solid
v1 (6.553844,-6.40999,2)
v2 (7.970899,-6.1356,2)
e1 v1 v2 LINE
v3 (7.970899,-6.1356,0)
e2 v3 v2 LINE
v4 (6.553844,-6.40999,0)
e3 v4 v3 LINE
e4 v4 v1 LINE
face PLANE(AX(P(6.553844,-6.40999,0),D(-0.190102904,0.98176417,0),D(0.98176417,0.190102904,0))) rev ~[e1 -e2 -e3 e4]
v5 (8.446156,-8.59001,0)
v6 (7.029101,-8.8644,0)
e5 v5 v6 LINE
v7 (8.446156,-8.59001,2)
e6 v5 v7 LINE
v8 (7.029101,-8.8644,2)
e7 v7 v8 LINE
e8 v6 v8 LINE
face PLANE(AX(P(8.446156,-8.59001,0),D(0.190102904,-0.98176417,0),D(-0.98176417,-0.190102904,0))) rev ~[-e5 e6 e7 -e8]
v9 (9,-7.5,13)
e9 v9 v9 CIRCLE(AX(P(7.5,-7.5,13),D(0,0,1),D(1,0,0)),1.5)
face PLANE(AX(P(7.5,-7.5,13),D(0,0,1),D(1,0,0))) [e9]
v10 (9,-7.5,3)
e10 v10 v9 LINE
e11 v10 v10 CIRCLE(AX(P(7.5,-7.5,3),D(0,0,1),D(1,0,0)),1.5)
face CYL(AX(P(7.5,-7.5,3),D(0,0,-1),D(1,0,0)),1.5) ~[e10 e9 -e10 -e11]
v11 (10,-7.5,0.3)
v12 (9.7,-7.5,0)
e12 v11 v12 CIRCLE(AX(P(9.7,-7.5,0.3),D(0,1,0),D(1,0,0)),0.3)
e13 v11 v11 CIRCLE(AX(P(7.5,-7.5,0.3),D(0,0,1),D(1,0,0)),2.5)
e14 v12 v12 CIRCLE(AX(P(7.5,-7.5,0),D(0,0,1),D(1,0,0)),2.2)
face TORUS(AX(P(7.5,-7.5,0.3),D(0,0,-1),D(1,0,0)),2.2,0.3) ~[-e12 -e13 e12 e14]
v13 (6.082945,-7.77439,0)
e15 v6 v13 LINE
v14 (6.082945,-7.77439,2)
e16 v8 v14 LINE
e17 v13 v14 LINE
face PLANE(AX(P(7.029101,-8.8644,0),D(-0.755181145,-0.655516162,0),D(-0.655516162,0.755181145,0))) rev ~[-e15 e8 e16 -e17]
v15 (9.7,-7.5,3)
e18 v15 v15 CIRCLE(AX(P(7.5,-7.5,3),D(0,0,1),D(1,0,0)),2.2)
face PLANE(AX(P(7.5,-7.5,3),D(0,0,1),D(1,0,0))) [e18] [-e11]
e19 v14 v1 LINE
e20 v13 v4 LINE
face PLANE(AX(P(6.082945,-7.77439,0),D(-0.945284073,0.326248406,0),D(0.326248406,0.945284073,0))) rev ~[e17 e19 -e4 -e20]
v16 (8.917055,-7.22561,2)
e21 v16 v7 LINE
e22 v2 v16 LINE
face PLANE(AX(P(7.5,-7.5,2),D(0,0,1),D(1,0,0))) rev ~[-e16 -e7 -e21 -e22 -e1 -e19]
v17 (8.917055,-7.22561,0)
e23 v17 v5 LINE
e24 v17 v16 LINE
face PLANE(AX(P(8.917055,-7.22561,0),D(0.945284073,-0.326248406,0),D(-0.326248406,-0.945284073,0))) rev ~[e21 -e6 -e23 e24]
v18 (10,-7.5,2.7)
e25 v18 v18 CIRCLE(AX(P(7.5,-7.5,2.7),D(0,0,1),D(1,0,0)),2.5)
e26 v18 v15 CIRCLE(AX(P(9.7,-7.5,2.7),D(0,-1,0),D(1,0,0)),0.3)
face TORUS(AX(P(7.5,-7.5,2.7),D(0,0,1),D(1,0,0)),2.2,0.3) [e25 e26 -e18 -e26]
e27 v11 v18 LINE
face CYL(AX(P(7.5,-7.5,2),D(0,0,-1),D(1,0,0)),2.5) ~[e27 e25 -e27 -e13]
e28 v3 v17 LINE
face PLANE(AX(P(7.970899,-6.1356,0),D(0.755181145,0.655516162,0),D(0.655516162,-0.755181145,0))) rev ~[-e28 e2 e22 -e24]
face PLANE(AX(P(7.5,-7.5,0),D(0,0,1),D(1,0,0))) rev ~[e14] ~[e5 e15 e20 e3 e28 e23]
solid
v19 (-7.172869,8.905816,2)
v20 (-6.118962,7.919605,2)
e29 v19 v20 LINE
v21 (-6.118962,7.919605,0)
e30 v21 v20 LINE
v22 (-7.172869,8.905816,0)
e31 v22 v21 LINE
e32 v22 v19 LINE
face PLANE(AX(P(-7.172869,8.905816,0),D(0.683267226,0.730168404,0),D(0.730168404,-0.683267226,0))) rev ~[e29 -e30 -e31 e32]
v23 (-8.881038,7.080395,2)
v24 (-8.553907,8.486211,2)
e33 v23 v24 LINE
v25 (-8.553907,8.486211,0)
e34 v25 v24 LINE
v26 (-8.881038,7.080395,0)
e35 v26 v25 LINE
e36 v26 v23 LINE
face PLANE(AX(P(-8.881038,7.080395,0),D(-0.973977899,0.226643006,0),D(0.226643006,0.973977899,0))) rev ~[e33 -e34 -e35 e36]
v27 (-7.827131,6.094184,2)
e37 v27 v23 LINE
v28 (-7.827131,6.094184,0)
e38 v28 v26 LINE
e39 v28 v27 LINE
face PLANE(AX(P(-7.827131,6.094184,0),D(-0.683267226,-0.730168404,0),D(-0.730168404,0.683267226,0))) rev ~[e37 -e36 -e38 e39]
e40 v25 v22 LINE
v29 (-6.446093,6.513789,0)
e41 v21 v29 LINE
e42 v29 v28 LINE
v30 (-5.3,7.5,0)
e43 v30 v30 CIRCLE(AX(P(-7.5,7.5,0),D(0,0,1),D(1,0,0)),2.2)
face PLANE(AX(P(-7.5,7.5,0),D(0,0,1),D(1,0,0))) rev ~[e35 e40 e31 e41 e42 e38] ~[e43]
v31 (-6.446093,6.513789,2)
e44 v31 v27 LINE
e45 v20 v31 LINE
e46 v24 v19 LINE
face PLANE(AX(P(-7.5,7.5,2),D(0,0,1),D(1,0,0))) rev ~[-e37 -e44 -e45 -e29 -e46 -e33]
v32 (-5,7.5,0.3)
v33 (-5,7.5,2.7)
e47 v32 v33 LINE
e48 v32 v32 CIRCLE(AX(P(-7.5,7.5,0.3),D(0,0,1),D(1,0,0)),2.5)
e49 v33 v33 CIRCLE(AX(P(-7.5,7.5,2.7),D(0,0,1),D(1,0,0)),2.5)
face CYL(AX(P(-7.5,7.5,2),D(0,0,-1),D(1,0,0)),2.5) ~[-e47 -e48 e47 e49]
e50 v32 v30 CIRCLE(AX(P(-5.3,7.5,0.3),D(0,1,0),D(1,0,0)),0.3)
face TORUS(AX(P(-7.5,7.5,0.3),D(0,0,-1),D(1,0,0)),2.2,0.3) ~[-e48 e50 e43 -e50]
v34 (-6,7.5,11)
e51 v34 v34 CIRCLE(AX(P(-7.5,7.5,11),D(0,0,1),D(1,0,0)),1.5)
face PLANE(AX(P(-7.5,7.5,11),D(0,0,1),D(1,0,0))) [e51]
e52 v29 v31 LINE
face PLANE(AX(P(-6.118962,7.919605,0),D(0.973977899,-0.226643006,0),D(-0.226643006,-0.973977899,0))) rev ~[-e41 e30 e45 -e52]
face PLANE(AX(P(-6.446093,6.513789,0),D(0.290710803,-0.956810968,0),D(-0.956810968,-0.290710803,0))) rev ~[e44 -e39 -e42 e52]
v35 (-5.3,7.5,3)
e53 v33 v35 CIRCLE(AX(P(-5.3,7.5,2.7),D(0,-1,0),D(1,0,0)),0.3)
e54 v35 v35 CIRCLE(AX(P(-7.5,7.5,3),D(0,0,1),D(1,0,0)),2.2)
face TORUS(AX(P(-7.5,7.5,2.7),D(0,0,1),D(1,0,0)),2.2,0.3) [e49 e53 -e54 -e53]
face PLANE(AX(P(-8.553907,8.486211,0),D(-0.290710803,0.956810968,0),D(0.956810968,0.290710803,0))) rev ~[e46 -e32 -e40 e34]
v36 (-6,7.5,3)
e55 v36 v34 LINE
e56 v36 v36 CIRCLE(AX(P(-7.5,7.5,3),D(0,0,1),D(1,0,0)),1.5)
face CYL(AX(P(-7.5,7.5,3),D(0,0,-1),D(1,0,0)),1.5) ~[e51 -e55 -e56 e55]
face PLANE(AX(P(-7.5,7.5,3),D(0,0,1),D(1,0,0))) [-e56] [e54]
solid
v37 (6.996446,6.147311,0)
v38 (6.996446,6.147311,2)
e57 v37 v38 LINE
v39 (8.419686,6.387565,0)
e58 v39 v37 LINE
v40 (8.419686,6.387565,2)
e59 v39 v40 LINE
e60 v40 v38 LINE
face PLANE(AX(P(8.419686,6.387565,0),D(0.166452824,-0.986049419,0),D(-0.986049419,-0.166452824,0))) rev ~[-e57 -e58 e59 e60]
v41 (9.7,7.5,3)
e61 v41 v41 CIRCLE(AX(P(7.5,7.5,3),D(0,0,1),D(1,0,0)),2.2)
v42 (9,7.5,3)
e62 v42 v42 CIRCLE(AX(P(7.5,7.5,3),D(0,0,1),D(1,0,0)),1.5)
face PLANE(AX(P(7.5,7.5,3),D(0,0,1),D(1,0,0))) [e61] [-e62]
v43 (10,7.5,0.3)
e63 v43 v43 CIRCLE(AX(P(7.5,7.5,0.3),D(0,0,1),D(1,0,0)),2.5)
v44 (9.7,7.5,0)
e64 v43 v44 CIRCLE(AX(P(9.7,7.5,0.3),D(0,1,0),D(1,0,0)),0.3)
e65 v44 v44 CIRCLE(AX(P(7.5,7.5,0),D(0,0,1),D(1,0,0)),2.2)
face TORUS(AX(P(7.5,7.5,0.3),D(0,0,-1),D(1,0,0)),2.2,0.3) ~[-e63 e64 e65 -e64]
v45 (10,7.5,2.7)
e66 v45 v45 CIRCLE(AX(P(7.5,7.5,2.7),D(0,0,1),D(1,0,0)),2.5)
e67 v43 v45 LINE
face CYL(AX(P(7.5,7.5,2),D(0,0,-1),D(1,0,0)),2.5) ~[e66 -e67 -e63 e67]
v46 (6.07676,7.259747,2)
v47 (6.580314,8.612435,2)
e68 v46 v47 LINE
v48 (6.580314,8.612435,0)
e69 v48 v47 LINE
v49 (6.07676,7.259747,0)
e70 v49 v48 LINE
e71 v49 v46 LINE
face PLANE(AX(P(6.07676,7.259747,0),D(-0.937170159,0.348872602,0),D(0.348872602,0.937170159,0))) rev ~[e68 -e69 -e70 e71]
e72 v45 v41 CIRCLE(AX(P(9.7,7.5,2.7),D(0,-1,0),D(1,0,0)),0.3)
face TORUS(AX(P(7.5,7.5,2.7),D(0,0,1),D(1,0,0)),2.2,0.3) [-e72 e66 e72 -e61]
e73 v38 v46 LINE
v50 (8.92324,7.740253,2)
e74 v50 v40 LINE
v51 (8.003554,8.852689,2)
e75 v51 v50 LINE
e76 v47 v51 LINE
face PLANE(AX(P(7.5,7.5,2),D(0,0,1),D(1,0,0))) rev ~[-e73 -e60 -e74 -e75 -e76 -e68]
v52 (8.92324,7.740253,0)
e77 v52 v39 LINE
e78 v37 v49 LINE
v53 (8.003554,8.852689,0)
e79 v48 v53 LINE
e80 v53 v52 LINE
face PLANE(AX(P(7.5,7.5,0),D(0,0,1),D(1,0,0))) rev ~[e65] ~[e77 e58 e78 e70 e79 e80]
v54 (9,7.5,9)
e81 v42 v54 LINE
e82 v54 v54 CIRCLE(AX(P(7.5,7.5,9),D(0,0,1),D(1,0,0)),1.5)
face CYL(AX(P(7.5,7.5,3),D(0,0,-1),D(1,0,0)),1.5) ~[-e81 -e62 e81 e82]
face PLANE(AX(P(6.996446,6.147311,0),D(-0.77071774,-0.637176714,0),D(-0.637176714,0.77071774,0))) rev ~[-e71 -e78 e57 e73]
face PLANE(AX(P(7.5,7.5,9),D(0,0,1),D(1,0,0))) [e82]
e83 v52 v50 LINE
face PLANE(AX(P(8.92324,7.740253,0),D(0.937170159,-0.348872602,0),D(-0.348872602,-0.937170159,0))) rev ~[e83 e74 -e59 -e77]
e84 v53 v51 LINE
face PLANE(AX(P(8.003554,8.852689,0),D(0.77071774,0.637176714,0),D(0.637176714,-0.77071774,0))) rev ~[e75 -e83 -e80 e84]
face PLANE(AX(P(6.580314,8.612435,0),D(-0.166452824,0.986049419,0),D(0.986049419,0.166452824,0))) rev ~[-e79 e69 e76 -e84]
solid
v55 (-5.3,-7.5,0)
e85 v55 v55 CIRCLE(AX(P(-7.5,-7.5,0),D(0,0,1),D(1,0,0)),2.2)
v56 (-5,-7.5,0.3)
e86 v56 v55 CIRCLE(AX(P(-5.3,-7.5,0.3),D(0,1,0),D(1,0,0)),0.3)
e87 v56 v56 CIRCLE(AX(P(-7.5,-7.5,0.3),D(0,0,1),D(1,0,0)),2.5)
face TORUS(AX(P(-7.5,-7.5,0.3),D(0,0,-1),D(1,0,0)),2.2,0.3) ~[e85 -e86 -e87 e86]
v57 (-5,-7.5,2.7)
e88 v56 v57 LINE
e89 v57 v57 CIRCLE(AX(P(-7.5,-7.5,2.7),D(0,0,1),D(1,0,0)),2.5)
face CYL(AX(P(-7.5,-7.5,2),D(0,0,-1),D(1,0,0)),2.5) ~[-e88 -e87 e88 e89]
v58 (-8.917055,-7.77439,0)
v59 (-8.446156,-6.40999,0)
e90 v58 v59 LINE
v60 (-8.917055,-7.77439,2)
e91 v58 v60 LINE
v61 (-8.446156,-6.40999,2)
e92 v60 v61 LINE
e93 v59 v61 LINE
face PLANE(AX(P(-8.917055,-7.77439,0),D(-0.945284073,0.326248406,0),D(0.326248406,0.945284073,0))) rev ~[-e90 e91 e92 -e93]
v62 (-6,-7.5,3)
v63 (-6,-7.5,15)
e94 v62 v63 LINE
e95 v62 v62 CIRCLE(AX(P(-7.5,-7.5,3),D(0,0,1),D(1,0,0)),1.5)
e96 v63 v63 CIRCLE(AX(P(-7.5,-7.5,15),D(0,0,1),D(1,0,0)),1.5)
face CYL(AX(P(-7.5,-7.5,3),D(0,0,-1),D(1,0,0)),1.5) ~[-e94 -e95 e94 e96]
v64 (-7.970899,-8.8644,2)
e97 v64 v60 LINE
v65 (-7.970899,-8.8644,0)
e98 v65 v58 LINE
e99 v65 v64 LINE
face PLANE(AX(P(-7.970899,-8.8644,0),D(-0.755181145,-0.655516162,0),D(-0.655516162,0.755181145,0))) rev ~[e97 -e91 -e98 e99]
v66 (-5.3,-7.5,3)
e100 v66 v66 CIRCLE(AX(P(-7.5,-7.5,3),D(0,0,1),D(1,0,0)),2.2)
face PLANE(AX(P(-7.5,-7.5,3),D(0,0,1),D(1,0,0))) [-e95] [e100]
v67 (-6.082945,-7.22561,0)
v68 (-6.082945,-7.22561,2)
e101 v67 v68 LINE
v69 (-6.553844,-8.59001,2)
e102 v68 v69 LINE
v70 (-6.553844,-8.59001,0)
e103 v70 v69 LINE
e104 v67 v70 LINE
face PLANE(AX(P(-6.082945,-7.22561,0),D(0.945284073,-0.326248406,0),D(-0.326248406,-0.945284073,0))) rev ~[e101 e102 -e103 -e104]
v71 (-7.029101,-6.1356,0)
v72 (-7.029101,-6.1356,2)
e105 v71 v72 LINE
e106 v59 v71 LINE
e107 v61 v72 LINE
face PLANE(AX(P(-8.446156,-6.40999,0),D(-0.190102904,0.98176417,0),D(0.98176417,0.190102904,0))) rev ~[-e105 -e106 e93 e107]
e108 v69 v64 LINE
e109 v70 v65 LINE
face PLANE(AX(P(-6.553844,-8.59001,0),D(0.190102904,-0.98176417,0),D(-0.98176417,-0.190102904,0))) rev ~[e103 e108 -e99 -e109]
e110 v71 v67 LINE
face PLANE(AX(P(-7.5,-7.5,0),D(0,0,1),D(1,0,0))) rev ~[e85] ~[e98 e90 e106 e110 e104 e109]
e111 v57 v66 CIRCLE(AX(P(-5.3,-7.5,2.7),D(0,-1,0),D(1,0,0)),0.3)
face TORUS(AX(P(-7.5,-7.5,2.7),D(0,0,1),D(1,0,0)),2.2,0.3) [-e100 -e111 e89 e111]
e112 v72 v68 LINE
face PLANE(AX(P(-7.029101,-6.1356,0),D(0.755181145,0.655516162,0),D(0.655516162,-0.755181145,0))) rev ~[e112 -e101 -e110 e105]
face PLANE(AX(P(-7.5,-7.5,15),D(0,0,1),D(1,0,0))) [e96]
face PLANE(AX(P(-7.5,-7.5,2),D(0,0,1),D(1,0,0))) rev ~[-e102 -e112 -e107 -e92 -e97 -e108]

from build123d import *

# Parameters (mm, degrees)
F0_R      = 2.5
F1_DEPTH  = 2
F3_R      = 2.5
F4_DEPTH  = 1
F6_R      = 1.5
F7_DEPTH  = 6
F8_DEPTH  = 8
F9_DEPTH  = 10
F10_DEPTH = 12
F11_R     = 0.3


with BuildPart() as f1:
    # F0 (on Top) → F1 (new body)
    with BuildSketch(Plane.XY):
        with Locations((-7.5, -7.5)):
            Circle(F0_R)
        Polygon((-6.082945, -7.22561), (-6.553844, -8.59001), (-7.970899, -8.8644), (-8.917055, -7.77439), (-8.446156, -6.40999), (-7.029101, -6.1356), align=None, mode=Mode.SUBTRACT)
        with Locations((7.5, -7.5)):
            Circle(F0_R)
        Polygon((8.917055, -7.22561), (8.446156, -8.59001), (7.029101, -8.8644), (6.082945, -7.77439), (6.553844, -6.40999), (7.970899, -6.1356), align=None, mode=Mode.SUBTRACT)
        with Locations((-7.5, 7.5)):
            Circle(F0_R)
        Polygon((-6.118962, 7.919605), (-6.446093, 6.513789), (-7.827131, 6.094184), (-8.881038, 7.080395), (-8.553907, 8.486211), (-7.172869, 8.905816), align=None, mode=Mode.SUBTRACT)
        with Locations((7.5, 7.5)):
            Circle(F0_R)
        Polygon((8.92324, 7.740253), (8.419686, 6.387565), (6.996446, 6.147311), (6.07676, 7.259747), (6.580314, 8.612435), (8.003554, 8.852689), align=None, mode=Mode.SUBTRACT)
    extrude(amount=F1_DEPTH)

    # F3 (on offset) → F4 (join)
    with BuildSketch(Plane.XY.offset(2)):
        with Locations((-7.5, 7.5)):
            Circle(F3_R)
        with Locations((-7.5, -7.5)):
            Circle(F3_R)
        with Locations((7.5, -7.5)):
            Circle(F3_R)
        with Locations((7.5, 7.5)):
            Circle(F3_R)
    extrude(amount=F4_DEPTH)

    # F6 (on offset) → F7 (join)
    with BuildSketch(Plane.XY.offset(3)):
        with Locations((7.5, 7.5)):
            Circle(F6_R)
    extrude(amount=F7_DEPTH)

    # F6 (on offset) → F8 (join)
    with BuildSketch(Plane.XY.offset(3)):
        with Locations((-7.5, 7.5)):
            Circle(F6_R)
    extrude(amount=F8_DEPTH)

    # F6 (on offset) → F9 (join)
    with BuildSketch(Plane.XY.offset(3)):
        with Locations((7.5, -7.5)):
            Circle(F6_R)
    extrude(amount=F9_DEPTH)

    # F6 (on offset) → F10 (join)
    with BuildSketch(Plane.XY.offset(3)):
        with Locations((-7.5, -7.5)):
            Circle(F6_R)
    extrude(amount=F10_DEPTH)

    # F11
    f11_edges = [f1.edges().sort_by_distance(p)[0] for p in [
        (-10, -7.5, 3),
        (-10, -7.5, 0),
        (-10, 7.5, 3),
        (-10, 7.5, 0),
        (5, 7.5, 3),
        (5, 7.5, 0),
        (5, -7.5, 3),
        (5, -7.5, 0),
    ]]
    fillet(f11_edges, radius=F11_R)


solid = f1.part
